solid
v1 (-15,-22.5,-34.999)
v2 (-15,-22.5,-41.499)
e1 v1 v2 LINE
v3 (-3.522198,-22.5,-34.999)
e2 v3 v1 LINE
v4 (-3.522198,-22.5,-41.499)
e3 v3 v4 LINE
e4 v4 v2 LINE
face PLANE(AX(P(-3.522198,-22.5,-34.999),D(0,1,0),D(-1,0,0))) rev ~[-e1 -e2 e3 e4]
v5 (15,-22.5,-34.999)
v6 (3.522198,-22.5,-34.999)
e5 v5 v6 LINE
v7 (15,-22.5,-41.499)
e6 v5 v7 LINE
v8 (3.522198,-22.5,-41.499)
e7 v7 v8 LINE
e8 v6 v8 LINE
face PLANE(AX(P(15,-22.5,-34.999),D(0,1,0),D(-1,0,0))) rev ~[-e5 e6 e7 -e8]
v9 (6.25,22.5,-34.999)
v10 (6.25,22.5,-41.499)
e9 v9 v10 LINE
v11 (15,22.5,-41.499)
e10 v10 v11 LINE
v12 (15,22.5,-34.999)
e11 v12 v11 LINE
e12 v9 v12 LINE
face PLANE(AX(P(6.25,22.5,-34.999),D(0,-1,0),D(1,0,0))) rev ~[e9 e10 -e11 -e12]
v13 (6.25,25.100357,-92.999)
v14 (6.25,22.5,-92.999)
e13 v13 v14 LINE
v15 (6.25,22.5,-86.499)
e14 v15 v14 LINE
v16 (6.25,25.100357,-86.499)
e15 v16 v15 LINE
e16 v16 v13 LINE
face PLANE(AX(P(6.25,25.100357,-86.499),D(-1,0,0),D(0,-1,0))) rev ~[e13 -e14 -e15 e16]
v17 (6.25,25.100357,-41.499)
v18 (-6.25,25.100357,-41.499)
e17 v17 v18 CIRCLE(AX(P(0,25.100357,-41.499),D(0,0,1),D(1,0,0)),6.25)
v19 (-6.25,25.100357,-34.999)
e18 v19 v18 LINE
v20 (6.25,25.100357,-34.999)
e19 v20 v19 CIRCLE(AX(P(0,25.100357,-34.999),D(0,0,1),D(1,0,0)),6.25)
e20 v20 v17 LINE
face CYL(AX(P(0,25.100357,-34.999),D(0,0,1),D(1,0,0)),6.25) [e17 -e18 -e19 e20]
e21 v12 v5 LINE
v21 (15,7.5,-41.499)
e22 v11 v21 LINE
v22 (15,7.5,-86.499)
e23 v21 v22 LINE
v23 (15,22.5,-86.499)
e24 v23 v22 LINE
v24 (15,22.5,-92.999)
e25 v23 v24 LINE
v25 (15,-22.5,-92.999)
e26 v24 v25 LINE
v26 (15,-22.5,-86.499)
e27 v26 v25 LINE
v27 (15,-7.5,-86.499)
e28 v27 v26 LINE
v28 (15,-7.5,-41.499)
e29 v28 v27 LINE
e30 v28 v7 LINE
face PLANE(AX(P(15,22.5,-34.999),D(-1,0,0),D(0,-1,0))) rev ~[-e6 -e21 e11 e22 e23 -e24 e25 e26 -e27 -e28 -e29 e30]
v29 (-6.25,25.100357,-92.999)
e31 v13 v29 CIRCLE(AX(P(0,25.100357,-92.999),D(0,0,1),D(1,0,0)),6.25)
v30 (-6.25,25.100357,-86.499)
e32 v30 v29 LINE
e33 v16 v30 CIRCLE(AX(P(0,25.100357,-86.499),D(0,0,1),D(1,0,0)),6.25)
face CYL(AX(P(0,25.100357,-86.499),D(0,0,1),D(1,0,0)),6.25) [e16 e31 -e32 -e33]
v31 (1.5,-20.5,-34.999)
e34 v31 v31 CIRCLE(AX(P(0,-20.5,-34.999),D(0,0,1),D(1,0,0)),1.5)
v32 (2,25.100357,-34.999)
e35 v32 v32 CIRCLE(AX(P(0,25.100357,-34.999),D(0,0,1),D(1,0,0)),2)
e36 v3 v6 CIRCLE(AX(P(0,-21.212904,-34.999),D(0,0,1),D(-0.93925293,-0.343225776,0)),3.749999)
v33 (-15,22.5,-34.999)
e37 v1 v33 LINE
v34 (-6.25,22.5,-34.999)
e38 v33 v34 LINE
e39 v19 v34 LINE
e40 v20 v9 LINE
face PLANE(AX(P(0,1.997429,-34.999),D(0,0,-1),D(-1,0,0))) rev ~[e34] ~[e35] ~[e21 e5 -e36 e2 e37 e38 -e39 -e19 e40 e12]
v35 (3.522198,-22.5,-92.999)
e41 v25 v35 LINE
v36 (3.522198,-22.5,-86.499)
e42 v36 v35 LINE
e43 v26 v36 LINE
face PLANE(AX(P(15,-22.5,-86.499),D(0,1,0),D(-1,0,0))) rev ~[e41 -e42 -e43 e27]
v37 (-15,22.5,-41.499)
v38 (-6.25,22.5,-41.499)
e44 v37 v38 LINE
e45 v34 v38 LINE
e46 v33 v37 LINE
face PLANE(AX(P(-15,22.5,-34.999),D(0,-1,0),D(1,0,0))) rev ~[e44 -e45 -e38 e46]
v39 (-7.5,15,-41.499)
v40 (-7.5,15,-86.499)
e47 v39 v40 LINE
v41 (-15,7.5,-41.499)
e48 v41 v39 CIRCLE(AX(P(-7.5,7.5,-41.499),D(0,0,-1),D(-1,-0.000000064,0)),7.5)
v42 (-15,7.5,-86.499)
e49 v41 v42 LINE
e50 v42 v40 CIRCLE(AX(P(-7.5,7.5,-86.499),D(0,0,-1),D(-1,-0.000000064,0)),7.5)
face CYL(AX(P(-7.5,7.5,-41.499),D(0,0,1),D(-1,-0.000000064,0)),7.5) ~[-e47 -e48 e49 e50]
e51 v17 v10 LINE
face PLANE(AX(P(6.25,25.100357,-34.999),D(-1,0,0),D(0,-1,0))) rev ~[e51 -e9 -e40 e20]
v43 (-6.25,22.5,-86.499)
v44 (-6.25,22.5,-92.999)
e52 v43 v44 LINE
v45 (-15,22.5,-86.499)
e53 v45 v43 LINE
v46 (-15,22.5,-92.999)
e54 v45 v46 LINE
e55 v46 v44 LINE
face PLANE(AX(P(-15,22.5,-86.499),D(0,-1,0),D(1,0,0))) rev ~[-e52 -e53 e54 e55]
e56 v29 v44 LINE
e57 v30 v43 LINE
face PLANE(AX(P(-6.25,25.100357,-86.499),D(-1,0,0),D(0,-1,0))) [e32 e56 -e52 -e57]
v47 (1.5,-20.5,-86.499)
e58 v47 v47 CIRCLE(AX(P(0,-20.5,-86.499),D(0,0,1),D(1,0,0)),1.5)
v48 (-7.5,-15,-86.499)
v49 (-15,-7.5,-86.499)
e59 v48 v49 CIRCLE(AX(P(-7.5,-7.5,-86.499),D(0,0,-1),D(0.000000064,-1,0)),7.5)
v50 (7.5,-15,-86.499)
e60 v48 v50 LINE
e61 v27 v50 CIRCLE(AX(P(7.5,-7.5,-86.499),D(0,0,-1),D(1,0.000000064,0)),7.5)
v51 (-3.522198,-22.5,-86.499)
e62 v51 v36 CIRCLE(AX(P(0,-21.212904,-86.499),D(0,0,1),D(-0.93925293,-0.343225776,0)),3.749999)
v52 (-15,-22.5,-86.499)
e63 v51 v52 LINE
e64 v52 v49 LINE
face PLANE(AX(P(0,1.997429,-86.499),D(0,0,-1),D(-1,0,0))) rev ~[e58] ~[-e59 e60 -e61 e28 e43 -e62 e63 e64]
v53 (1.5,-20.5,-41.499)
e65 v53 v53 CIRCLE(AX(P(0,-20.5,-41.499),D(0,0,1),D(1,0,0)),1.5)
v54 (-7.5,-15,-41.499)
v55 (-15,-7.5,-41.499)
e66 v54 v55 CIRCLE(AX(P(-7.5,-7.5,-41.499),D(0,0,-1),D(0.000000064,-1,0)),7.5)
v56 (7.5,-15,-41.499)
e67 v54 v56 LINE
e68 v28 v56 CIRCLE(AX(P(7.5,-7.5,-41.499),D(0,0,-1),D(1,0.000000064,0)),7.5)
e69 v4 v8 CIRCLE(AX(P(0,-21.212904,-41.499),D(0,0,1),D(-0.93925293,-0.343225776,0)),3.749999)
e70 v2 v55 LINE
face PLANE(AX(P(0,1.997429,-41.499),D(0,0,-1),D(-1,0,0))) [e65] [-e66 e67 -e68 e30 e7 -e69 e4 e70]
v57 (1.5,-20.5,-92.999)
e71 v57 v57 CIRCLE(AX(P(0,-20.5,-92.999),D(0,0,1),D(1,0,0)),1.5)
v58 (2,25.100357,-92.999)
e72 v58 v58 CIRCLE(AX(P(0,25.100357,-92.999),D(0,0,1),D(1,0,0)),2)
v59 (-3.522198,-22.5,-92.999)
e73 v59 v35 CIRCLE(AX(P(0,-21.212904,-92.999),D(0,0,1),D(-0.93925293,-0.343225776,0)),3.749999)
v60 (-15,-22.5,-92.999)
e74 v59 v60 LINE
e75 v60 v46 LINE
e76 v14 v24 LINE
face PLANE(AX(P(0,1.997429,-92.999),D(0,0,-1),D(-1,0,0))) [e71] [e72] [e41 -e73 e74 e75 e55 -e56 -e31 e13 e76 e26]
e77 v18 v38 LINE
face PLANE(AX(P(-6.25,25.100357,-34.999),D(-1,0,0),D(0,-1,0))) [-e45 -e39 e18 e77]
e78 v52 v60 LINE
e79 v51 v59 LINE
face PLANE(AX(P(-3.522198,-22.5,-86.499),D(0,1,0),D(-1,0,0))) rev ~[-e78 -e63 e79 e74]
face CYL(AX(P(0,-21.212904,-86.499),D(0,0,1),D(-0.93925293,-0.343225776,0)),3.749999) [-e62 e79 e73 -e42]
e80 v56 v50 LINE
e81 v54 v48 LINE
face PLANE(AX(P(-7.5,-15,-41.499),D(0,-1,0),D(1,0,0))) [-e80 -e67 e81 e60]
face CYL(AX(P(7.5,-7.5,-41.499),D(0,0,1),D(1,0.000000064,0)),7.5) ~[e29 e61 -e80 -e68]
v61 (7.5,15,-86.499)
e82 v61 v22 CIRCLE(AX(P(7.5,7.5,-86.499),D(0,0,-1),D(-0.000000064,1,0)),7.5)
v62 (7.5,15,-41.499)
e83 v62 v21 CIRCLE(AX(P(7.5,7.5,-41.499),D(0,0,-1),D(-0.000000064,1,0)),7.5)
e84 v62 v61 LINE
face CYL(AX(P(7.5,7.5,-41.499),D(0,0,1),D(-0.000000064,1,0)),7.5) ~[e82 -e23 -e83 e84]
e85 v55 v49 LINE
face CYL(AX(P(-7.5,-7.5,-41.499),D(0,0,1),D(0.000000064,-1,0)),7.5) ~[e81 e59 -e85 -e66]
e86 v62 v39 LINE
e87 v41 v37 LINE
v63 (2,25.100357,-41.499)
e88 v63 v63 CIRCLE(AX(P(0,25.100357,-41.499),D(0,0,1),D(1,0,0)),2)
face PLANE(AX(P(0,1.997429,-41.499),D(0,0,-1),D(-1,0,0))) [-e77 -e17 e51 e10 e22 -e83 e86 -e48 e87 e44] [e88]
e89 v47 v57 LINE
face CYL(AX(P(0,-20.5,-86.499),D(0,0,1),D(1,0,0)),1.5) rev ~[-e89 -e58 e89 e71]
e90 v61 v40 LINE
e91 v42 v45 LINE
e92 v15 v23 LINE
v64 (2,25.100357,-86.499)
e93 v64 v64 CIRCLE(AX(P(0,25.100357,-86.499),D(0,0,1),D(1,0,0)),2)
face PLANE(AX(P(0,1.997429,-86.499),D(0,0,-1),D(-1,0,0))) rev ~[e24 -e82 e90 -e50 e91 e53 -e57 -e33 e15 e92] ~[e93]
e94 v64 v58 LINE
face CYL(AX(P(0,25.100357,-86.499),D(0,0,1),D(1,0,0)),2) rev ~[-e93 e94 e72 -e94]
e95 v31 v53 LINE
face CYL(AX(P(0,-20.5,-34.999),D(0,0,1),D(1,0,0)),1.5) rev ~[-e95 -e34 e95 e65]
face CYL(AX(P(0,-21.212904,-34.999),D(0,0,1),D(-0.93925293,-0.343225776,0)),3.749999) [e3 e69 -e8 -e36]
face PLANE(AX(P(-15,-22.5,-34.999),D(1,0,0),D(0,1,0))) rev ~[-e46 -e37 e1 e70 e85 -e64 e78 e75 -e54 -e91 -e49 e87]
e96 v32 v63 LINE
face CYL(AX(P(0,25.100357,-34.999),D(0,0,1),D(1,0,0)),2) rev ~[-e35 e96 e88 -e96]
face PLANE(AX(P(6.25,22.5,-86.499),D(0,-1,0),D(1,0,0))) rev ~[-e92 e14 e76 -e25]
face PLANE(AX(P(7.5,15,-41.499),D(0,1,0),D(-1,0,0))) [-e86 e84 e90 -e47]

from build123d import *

# Parameters (mm, degrees)
SKETCH050_R      = 2
SKETCH050_R_2    = 1.5
EXTRUDE038_DEPTH = 6.5
EXTRUDE039_DEPTH = 45
SKETCH052_R      = 2
SKETCH052_R_2    = 1.5
EXTRUDE040_DEPTH = 6.5


with BuildPart() as extrude038:
    # Sketch050 → Extrude038 (new body)
    with BuildSketch(Plane.XY):
        with BuildLine():
            Line((-15, 22.5), (-6.25, 22.5))
            Line((-6.25, 25.100357), (-6.25, 22.5))
            ThreePointArc((6.25, 25.100357), (0, 31.350357), (-6.25, 25.100357))
            Line((6.25, 25.100357), (6.25, 22.5))
            Line((6.25, 22.5), (15, 22.5))
            Line((15, 22.5), (15, -22.5))
            Line((15, -22.5), (3.522198, -22.5))
            ThreePointArc((-3.522198, -22.5), (0, -24.962903), (3.522198, -22.5))
            Line((-3.522198, -22.5), (-15, -22.5))
            Line((-15, -22.5), (-15, 22.5))
        make_face()
        with Locations((0, 25.100357)):
            Circle(SKETCH050_R, mode=Mode.SUBTRACT)
        with Locations((0, -20.5)):
            Circle(SKETCH050_R_2, mode=Mode.SUBTRACT)
    extrude(amount=-EXTRUDE038_DEPTH)


with BuildPart() as extrude038_1:
    # Extrude038 placement: moved
    add(extrude038.part.moved(Location((0, 0, -34.999))))


with BuildPart() as extrude039:
    # Sketch051 (on Face13 of Extrude038) → Extrude039 (new body)
    with BuildSketch(Plane(origin=(0, 0, -41.499), x_dir=(1, 0, 0), z_dir=(0, 0, -1))):
        with BuildLine():
            ThreePointArc((-7.5, 15), (-12.803301, 12.803301), (-15, 7.5))
            Line((-15, -7.5), (-15, 7.5))
            ThreePointArc((-15, -7.5), (-12.803301, -12.803301), (-7.5, -15))
            Line((7.5, -15), (-7.5, -15))
            ThreePointArc((7.5, -15), (12.803301, -12.803301), (15, -7.5))
            Line((15, 7.5), (15, -7.5))
            ThreePointArc((15, 7.5), (12.803301, 12.803301), (7.5, 15))
            Line((-7.5, 15), (7.5, 15))
        make_face()
    extrude(amount=EXTRUDE039_DEPTH)


with BuildPart() as actuator_base:
    # Sketch052 → Extrude040 (new body)
    with BuildSketch(Plane.XY):
        with BuildLine():
            Line((-15, 22.5), (-6.25, 22.5))
            Line((-6.25, 25.100357), (-6.25, 22.5))
            ThreePointArc((6.25, 25.100357), (0, 31.350357), (-6.25, 25.100357))
            Line((6.25, 25.100357), (6.25, 22.5))
            Line((6.25, 22.5), (15, 22.5))
            Line((15, 22.5), (15, -22.5))
            Line((15, -22.5), (3.522198, -22.5))
            ThreePointArc((-3.522198, -22.5), (0, -24.962903), (3.522198, -22.5))
            Line((-3.522198, -22.5), (-15, -22.5))
            Line((-15, -22.5), (-15, 22.5))
        make_face()
        with Locations((0, 25.100357)):
            Circle(SKETCH052_R, mode=Mode.SUBTRACT)
        with Locations((0, -20.5)):
            Circle(SKETCH052_R_2, mode=Mode.SUBTRACT)
    extrude(amount=-EXTRUDE040_DEPTH)


with BuildPart() as actuator_base_1:
    # Extrude040 placement: moved
    add(actuator_base.part.moved(Location((0, 0, -86.499))))

    # Fusion017: union Extrude038, Extrude039
    add(extrude038_1.part)
    add(extrude039.part)


solid = actuator_base_1.part
